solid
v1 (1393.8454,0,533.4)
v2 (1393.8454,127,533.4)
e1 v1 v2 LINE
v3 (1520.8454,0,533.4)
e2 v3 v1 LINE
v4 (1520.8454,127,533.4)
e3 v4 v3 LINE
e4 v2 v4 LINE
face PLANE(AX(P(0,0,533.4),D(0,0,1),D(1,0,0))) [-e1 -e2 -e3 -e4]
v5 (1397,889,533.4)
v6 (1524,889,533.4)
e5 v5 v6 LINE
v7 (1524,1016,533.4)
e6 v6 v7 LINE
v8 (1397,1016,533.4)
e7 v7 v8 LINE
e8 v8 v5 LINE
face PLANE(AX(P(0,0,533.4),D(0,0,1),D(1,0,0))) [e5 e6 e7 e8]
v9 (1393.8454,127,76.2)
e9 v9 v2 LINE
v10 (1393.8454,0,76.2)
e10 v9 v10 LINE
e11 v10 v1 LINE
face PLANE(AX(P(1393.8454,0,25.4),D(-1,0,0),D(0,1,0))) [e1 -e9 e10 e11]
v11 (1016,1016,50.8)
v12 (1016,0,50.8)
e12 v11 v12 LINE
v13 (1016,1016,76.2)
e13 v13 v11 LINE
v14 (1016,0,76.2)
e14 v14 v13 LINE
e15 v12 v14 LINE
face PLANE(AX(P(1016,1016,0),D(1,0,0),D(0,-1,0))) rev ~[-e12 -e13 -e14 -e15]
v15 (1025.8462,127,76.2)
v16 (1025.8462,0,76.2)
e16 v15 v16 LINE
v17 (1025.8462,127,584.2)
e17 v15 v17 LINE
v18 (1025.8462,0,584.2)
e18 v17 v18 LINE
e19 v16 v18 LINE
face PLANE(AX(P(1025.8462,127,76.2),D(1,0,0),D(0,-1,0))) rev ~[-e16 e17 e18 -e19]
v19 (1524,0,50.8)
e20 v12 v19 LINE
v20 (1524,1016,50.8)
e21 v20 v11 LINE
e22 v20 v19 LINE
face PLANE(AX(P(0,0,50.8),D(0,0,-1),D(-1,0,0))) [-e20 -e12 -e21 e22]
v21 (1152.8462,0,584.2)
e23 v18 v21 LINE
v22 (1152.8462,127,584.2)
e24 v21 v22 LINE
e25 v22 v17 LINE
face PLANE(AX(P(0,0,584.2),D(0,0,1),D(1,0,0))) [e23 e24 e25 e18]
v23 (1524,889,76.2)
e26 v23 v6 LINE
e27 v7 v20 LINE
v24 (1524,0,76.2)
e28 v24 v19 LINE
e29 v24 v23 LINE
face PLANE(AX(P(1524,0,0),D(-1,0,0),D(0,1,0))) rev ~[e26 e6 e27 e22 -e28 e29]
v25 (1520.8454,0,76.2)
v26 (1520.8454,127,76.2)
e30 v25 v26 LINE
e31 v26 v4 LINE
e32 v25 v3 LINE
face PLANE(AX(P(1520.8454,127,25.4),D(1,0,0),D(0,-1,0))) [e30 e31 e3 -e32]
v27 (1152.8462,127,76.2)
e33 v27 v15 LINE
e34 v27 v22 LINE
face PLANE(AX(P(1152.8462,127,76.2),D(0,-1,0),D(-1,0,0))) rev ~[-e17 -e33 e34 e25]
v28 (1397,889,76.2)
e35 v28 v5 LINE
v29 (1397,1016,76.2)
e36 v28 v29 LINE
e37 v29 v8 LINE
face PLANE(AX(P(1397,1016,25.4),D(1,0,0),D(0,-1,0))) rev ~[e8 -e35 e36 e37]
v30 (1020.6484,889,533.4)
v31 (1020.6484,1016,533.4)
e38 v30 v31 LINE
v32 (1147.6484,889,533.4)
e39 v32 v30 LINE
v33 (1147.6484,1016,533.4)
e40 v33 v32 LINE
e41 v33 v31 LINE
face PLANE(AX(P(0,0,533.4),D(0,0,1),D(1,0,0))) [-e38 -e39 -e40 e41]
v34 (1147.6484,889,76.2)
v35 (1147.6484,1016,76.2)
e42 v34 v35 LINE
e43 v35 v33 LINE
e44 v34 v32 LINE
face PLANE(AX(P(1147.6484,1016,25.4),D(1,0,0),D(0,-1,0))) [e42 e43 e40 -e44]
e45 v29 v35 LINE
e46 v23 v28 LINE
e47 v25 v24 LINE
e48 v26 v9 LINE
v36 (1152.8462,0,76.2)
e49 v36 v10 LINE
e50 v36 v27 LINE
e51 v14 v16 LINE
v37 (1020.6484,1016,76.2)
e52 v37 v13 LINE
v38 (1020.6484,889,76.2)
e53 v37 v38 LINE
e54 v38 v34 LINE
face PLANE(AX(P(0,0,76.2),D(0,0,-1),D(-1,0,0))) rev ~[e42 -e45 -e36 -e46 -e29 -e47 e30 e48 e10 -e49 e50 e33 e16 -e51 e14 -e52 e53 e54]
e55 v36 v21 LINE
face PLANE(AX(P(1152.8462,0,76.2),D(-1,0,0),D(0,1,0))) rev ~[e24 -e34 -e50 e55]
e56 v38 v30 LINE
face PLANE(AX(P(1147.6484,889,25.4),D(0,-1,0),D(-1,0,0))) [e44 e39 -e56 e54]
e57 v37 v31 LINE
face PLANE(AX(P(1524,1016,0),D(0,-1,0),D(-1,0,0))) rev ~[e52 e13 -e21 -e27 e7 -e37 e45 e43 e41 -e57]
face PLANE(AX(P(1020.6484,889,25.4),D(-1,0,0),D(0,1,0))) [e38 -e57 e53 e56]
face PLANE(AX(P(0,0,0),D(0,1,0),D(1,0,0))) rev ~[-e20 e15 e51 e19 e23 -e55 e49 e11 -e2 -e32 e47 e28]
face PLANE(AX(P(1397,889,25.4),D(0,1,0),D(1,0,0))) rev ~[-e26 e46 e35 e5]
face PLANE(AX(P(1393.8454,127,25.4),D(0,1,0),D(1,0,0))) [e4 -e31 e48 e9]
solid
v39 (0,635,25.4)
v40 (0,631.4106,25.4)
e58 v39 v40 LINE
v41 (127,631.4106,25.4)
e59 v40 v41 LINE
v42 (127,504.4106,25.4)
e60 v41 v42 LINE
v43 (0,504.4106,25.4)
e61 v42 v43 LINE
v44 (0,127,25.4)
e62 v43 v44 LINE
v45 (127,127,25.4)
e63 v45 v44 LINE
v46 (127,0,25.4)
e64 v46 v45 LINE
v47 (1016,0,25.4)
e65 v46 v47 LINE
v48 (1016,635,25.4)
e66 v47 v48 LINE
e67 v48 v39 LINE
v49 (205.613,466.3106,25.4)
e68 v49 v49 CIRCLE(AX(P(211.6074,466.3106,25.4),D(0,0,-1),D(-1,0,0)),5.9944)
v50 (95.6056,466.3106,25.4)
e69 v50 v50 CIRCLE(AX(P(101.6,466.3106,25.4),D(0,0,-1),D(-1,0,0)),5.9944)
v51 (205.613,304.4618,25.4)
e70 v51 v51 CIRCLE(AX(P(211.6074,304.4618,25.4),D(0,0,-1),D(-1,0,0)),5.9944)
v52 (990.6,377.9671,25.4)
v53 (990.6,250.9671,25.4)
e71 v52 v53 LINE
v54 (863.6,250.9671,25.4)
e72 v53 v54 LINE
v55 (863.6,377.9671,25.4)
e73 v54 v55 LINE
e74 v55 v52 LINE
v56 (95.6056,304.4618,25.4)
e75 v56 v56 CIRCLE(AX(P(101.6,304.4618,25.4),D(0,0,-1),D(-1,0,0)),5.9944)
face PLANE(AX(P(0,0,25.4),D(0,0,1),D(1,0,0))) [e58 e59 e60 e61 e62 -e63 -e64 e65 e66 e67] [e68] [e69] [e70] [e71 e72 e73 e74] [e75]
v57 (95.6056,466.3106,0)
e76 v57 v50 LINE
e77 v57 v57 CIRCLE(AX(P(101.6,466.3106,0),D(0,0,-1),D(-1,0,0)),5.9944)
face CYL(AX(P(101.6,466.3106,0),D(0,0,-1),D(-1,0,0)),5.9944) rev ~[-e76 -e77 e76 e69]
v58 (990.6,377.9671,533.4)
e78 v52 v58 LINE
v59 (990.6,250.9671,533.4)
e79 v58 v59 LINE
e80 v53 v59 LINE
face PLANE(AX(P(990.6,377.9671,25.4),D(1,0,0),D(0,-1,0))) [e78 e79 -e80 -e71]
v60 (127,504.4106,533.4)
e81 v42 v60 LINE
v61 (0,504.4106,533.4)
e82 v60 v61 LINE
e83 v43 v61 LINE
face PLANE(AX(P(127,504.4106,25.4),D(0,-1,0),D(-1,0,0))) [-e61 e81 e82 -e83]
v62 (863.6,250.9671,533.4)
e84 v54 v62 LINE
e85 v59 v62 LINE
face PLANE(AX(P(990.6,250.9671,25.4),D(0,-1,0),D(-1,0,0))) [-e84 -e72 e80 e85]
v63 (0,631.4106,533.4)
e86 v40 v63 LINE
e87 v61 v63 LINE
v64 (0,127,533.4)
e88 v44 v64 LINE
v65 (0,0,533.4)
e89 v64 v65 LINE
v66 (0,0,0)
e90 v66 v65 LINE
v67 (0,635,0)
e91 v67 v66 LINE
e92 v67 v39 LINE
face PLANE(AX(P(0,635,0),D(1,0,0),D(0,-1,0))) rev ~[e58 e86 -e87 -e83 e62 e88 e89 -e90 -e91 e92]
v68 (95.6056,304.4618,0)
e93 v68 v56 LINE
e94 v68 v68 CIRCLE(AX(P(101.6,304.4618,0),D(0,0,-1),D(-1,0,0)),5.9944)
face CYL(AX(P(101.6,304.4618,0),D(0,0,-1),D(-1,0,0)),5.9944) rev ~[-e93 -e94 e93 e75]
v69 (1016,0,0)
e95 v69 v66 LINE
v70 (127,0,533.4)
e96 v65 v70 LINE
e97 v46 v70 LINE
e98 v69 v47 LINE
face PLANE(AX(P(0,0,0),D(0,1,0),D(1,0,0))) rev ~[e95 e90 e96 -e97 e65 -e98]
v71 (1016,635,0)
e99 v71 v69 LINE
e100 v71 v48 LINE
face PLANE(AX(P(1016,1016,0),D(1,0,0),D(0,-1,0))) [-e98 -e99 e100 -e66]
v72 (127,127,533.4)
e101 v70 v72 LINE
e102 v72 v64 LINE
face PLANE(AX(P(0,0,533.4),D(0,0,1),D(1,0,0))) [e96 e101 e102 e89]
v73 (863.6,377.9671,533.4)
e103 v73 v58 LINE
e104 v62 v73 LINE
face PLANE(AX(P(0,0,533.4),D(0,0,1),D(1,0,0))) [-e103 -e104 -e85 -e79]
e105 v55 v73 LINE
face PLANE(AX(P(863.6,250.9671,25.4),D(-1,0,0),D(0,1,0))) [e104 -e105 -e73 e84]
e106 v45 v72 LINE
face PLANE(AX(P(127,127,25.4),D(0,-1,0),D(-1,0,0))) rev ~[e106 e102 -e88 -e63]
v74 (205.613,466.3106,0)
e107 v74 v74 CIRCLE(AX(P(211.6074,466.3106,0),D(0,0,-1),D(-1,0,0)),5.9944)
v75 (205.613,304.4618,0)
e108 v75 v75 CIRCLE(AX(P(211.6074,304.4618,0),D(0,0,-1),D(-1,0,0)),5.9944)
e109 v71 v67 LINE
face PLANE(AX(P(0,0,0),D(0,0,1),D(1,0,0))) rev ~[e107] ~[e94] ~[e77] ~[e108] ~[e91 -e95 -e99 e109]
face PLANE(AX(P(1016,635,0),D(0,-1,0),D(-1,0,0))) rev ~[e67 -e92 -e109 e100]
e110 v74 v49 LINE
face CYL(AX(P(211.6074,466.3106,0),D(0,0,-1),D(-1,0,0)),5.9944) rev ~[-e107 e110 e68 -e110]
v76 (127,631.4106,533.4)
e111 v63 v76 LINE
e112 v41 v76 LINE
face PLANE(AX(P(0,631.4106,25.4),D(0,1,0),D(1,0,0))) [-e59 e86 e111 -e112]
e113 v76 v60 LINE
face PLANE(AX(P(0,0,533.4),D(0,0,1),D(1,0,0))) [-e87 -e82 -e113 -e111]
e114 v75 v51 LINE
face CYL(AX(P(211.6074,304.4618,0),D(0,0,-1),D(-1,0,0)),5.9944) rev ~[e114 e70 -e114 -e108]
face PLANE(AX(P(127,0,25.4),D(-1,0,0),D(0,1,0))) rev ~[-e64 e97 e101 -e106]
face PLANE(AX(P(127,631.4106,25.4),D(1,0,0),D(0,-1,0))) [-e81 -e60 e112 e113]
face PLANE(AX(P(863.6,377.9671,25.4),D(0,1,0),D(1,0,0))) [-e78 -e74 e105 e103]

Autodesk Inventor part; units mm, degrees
ref_plane "YZ Plane" through (0, 0, 0) normal (1, 0, 0) x (0, 1, 0)
ref_plane "XZ Plane" through (0, 0, 0) normal (0, 1, 0) x (-1, 0, 0)
ref_plane "XY Plane" through (0, 0, 0) normal (0, 0, 1) x (1, 0, 0)
sketch "Sketch1" plane through (0, 0, 0) normal (0, 0, 1) x (1, 0, 0)
  line L0 (0, 0) -> (1524, 0)
  line L1 (1524, 0) -> (1524, 1016)
  line L2 (1524, 1016) -> (1016, 1016)
  line L3 (1016, 1016) -> (1016, 635)
  line L4 (1016, 635) -> (0, 635)
  line L5 (0, 635) -> (0, 0)
  dimension "d0" = 1524
  dimension "d1" = 1016
  dimension "d2" = 508
  dimension "d3" = 381
extrude "Extrusion1" add sketch "Sketch1" along normal blind 25.4
sketch "Sketch2" plane through (0, 0, 25.4) normal (0, 0, 1) x (1, 0, 0)
  line L0 (0, 631.4106) -> (127, 631.4106)
  line L1 (127, 631.4106) -> (127, 504.4106)
  line L2 (127, 504.4106) -> (0, 504.4106)
  line L3 (0, 504.4106) -> (0, 631.4106)
  line L4 (0, 635) -> (0, 0) projected
  line L5 (0, 0) -> (127, 0)
  line L6 (127, 0) -> (127, 127)
  line L7 (127, 127) -> (0, 127)
  line L8 (0, 127) -> (0, 0)
  line L9 (1520.8454, 0) -> (1393.8454, 0)
  line L10 (1393.8454, 0) -> (1393.8454, 127)
  line L11 (1393.8454, 127) -> (1520.8454, 127)
  line L12 (1520.8454, 127) -> (1520.8454, 0)
  line L13 (1524, 1016) -> (1016, 1016) projected
  line L14 (1524, 1016) -> (1397, 1016)
  line L15 (1397, 1016) -> (1397, 889)
  line L16 (1397, 889) -> (1524, 889)
  line L17 (1524, 889) -> (1524, 1016)
  line L18 (1020.6484, 1016) -> (1147.6484, 1016)
  line L19 (1147.6484, 1016) -> (1147.6484, 889)
  line L20 (1147.6484, 889) -> (1020.6484, 889)
  line L21 (1020.6484, 889) -> (1020.6484, 1016)
  dimension "d6" = 127
  dimension "d7" = 127
  dimension "d8" = 127
  dimension "d9" = 127
  dimension "d10" = 127
  dimension "d11" = 127
  dimension "d12" = 127
  dimension "d13" = 127
  dimension "d14" = 127
  dimension "d15" = 127
extrude "Extrusion2" add sketch "Sketch2" along normal blind 508
sketch "Sketch3" plane through (0, 0, 0) normal (0, 0, -1) x (-1, 0, 0)
  circle A0 centre (-101.6, 466.3106) radius 5.9944
  circle A1 centre (-101.6, 304.4618) radius 5.9944
  circle A2 centre (-211.6074, 304.4618) radius 5.9944
  circle A3 centre (-211.6074, 466.3106) radius 5.9944
  line L0 (-127, 504.4106) -> (0, 504.4106) projected
  line L1 (0, 635) -> (0, 0) projected
  dimension "d18" = 11.9888
  dimension "d19" = 11.9888
  dimension "d20" = 11.9888
  dimension "d21" = 11.9888
  dimension "d23" = 38.1
  dimension "d24" = 161.8488
  dimension "d25" = 110.0074
  dimension "d26" = 110.0074
  dimension "d27" = 101.6
extrude "Extrusion3" cut sketch "Sketch3" against normal blind 508
sketch "Sketch4" plane through (0, 0, 0) normal (0, 0, -1) x (-1, 0, 0)
  line L0 (-1016, 635) -> (0, 635) projected
  line L1 (-1016, 635) -> (-1016, 0)
  line L2 (-127, 0) -> (-1393.8454, 0) projected
  line L3 (0, 0) -> (-1524, 0) projected
  line L4 (-1016, 0) -> (-1524, 0)
  line L5 (-1524, 0) -> (-1524, 1016) projected
  line L6 (-1524, 0) -> (-1524, 1016)
  line L7 (-1524, 1016) -> (-1016, 1016)
  line L8 (-1016, 1016) -> (-1016, 635) projected
  line L9 (-1016, 1016) -> (-1016, 635)
extrude "Extrusion4" add sketch "Sketch4" against normal blind 76.2
sketch "Sketch5" plane through (0, 0, 0) normal (0, 0, -1) x (-1, 0, 0)
  line L0 (-1524, 889) -> (-1524, 1016) projected
  line L1 (-1016, 0) -> (-1524, 0)
  line L2 (-1524, 0) -> (-1524, 1016)
  line L3 (-1524, 1016) -> (-1016, 1016)
  line L4 (-1016, 1016) -> (-1016, 0)
  point P0 (0, 0)
extrude "Extrusion5" cut sketch "Sketch5" against normal blind 50.8
sketch "Sketch7" plane through (0, 0, 25.4) normal (0, 0, 1) x (1, 0, 0)
  line L0 (863.6, 377.9671) -> (990.6, 377.9671)
  line L1 (990.6, 377.9671) -> (990.6, 250.9671)
  line L2 (990.6, 250.9671) -> (863.6, 250.9671)
  line L3 (863.6, 250.9671) -> (863.6, 377.9671)
  line L4 (0, 504.4106) -> (0, 127) projected
  point P0 (0, 0)
  dimension "d40" = 127
  dimension "d41" = 127
  dimension "d42" = 863.6
extrude "Extrusion6" add sketch "Sketch7" along normal blind 508
sketch "Sketch8" plane through (0, 0, 76.2) normal (0, 0, 1) x (1, 0, 0)
  line L0 (1025.8462, 0) -> (1152.8462, 0)
  line L1 (1152.8462, 0) -> (1152.8462, 127)
  line L2 (1152.8462, 127) -> (1025.8462, 127)
  line L3 (1025.8462, 127) -> (1025.8462, 0)
  point P0 (0, 0)
  dimension "d45" = 127
  dimension "d46" = 127
extrude "Extrusion7" add sketch "Sketch8" along normal blind 508
properties part number "Estructura de soporte"
